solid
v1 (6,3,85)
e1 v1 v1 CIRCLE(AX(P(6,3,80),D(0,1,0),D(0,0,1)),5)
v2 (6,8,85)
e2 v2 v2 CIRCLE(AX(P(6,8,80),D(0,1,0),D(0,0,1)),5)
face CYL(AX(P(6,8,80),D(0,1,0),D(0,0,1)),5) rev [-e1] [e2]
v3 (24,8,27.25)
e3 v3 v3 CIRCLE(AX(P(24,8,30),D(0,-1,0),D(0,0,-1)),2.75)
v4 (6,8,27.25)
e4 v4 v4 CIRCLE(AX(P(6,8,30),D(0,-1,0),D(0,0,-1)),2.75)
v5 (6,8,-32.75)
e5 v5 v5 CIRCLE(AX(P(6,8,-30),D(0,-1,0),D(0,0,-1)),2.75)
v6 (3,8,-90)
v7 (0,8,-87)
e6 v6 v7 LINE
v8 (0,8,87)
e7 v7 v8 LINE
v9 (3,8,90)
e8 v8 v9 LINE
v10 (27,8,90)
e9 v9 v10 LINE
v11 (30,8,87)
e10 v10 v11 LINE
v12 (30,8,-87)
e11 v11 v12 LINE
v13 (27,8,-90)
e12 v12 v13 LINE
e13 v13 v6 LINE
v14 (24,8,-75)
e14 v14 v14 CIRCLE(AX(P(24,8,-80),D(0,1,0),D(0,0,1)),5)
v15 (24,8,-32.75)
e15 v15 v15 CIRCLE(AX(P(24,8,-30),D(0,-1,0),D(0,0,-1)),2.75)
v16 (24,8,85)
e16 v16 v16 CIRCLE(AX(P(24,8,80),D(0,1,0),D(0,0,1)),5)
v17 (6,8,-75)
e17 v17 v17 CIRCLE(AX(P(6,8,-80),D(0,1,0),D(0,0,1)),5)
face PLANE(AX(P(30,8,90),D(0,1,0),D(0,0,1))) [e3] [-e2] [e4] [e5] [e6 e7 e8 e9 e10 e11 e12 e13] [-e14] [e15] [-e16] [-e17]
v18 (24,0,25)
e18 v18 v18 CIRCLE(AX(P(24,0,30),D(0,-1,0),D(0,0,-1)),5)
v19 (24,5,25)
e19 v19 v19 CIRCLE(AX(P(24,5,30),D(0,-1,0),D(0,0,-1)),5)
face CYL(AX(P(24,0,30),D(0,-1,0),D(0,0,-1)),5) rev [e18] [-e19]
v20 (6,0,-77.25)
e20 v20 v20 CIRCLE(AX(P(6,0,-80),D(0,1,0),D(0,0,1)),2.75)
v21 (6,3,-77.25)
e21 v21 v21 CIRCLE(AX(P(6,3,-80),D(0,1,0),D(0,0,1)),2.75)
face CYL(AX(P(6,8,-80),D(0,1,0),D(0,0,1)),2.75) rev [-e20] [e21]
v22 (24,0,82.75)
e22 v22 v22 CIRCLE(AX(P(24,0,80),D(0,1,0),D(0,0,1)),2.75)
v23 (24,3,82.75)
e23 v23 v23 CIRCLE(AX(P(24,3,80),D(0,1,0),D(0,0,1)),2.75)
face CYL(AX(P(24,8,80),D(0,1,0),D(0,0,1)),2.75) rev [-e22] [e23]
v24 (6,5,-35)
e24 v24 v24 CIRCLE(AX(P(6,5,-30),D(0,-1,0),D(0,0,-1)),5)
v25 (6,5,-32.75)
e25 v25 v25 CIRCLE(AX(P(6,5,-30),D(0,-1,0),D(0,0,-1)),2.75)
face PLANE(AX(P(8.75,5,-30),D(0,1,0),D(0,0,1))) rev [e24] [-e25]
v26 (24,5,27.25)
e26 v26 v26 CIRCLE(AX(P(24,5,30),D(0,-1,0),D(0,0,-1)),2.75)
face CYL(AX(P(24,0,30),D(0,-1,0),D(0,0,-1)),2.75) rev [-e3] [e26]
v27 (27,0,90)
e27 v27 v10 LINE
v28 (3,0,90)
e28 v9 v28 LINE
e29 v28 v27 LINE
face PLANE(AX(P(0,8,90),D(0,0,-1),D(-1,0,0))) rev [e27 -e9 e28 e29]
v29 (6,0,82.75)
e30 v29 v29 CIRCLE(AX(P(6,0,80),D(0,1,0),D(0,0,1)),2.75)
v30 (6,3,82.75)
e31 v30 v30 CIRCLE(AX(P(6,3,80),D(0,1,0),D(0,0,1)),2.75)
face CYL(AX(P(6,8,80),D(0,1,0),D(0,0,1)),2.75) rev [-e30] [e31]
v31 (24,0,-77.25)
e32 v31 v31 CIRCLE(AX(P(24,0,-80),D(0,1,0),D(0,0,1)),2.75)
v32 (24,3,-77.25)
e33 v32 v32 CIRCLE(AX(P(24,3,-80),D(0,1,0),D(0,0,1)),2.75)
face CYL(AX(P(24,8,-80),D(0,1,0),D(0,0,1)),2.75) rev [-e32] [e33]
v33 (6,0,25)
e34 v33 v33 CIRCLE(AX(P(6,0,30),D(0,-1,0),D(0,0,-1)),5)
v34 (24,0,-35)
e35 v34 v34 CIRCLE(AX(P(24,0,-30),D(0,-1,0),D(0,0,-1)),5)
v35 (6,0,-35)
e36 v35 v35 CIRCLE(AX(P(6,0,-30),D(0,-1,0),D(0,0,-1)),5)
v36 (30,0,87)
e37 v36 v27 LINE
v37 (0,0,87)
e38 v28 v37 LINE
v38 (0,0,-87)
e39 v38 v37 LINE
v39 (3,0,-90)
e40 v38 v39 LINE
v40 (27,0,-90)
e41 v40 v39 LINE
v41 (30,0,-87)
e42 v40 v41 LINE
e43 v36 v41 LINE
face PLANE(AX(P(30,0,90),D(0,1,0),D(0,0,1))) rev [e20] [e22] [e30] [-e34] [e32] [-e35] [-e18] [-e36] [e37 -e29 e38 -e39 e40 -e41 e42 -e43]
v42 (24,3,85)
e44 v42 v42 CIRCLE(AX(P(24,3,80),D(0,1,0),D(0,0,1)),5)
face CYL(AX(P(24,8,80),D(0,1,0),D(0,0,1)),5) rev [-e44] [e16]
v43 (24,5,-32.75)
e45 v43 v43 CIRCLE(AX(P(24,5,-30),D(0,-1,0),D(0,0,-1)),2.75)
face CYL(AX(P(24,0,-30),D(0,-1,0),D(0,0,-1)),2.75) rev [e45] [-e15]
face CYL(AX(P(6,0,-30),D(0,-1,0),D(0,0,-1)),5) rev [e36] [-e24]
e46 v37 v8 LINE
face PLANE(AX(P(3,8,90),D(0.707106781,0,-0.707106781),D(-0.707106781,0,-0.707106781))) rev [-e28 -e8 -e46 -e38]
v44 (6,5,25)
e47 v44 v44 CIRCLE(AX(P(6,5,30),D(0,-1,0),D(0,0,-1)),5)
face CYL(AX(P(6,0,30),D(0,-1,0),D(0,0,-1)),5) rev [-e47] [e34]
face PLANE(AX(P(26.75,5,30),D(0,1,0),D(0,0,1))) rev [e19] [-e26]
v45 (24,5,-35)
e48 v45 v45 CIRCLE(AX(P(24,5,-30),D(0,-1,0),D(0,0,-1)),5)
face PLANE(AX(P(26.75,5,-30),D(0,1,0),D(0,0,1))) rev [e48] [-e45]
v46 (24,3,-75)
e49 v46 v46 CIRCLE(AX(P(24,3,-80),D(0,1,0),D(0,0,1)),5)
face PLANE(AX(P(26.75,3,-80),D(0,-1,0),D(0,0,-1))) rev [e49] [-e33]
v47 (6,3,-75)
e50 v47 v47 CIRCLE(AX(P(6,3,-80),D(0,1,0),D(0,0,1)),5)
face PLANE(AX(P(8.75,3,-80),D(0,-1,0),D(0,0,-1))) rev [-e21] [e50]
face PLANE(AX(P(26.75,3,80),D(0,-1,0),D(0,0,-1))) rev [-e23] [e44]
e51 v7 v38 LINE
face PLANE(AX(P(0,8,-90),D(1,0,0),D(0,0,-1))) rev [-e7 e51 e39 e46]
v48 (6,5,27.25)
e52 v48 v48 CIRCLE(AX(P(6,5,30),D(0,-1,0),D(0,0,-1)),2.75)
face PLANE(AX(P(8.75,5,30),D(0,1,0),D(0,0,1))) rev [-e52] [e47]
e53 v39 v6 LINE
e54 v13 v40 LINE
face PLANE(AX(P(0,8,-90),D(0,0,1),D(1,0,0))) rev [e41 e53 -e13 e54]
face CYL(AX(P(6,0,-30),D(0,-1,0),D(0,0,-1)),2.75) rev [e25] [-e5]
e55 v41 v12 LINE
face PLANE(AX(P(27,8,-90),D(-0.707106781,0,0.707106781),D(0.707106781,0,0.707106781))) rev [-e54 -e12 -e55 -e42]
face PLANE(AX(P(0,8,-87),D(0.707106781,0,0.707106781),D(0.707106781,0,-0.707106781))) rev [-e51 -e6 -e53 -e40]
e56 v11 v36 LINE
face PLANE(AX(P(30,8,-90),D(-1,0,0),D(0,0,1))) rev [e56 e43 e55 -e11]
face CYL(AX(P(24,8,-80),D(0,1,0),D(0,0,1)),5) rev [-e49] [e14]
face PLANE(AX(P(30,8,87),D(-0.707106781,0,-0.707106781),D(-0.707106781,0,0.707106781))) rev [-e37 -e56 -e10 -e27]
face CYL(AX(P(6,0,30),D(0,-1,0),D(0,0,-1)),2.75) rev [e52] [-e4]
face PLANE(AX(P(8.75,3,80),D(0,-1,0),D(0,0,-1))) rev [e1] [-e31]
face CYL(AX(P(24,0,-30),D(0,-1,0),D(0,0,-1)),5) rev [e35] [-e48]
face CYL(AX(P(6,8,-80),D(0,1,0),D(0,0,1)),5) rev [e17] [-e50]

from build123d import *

# Parameters (mm, degrees)
SKETCH1_W                                       = 30
SKETCH1_H                                       = 180
BOSS_EXTRUDE1_DEPTH                             = 8
CHAMFER1_SIZE                                   = 3
CBORE_FOR_M5_SOCKET_HEAD_CAP_SCREW1_D           = 5.5
CBORE_FOR_M5_SOCKET_HEAD_CAP_SCREW1_CBORE_D     = 10
CBORE_FOR_M5_SOCKET_HEAD_CAP_SCREW1_CBORE_DEPTH = 5
CBORE_FOR_M5_SOCKET_HEAD_CAP_SCREW2_D           = 5.5
CBORE_FOR_M5_SOCKET_HEAD_CAP_SCREW2_CBORE_D     = 10
CBORE_FOR_M5_SOCKET_HEAD_CAP_SCREW2_CBORE_DEPTH = 5


with BuildPart() as part:
    # Sketch1 → Boss-Extrude1 (new body)
    with BuildSketch(Plane(origin=(0, 0, 0), x_dir=(1, 0, 0), z_dir=(0, 1, 0))):
        with Locations((15, 0)):
            Rectangle(SKETCH1_W, SKETCH1_H)
    extrude(amount=BOSS_EXTRUDE1_DEPTH)

    # Chamfer1
    chamfer1_edges = [part.edges().sort_by_distance(p)[0] for p in [
        (30, 4, 90),
        (0, 4, 90),
        (0, 4, -90),
        (30, 4, -90),
    ]]
    chamfer(chamfer1_edges, length=CHAMFER1_SIZE)

    # CBORE for M5 Socket Head Cap Screw1 (through all)
    with Locations(Plane(origin=(0, 8, 0), x_dir=(-1, 0, 0), z_dir=(0, 1, 0))):
        with Locations((-6, -80), (-6, 80), (-24, 80), (-24, -80)):
            CounterBoreHole(CBORE_FOR_M5_SOCKET_HEAD_CAP_SCREW1_D / 2, CBORE_FOR_M5_SOCKET_HEAD_CAP_SCREW1_CBORE_D / 2, CBORE_FOR_M5_SOCKET_HEAD_CAP_SCREW1_CBORE_DEPTH)

    # CBORE for M5 Socket Head Cap Screw2 (through all)
    with Locations(Plane.XZ):
        with Locations((6, 30), (6, -30), (24, -30), (24, 30)):
            CounterBoreHole(CBORE_FOR_M5_SOCKET_HEAD_CAP_SCREW2_D / 2, CBORE_FOR_M5_SOCKET_HEAD_CAP_SCREW2_CBORE_D / 2, CBORE_FOR_M5_SOCKET_HEAD_CAP_SCREW2_CBORE_DEPTH)


solid = part.part
